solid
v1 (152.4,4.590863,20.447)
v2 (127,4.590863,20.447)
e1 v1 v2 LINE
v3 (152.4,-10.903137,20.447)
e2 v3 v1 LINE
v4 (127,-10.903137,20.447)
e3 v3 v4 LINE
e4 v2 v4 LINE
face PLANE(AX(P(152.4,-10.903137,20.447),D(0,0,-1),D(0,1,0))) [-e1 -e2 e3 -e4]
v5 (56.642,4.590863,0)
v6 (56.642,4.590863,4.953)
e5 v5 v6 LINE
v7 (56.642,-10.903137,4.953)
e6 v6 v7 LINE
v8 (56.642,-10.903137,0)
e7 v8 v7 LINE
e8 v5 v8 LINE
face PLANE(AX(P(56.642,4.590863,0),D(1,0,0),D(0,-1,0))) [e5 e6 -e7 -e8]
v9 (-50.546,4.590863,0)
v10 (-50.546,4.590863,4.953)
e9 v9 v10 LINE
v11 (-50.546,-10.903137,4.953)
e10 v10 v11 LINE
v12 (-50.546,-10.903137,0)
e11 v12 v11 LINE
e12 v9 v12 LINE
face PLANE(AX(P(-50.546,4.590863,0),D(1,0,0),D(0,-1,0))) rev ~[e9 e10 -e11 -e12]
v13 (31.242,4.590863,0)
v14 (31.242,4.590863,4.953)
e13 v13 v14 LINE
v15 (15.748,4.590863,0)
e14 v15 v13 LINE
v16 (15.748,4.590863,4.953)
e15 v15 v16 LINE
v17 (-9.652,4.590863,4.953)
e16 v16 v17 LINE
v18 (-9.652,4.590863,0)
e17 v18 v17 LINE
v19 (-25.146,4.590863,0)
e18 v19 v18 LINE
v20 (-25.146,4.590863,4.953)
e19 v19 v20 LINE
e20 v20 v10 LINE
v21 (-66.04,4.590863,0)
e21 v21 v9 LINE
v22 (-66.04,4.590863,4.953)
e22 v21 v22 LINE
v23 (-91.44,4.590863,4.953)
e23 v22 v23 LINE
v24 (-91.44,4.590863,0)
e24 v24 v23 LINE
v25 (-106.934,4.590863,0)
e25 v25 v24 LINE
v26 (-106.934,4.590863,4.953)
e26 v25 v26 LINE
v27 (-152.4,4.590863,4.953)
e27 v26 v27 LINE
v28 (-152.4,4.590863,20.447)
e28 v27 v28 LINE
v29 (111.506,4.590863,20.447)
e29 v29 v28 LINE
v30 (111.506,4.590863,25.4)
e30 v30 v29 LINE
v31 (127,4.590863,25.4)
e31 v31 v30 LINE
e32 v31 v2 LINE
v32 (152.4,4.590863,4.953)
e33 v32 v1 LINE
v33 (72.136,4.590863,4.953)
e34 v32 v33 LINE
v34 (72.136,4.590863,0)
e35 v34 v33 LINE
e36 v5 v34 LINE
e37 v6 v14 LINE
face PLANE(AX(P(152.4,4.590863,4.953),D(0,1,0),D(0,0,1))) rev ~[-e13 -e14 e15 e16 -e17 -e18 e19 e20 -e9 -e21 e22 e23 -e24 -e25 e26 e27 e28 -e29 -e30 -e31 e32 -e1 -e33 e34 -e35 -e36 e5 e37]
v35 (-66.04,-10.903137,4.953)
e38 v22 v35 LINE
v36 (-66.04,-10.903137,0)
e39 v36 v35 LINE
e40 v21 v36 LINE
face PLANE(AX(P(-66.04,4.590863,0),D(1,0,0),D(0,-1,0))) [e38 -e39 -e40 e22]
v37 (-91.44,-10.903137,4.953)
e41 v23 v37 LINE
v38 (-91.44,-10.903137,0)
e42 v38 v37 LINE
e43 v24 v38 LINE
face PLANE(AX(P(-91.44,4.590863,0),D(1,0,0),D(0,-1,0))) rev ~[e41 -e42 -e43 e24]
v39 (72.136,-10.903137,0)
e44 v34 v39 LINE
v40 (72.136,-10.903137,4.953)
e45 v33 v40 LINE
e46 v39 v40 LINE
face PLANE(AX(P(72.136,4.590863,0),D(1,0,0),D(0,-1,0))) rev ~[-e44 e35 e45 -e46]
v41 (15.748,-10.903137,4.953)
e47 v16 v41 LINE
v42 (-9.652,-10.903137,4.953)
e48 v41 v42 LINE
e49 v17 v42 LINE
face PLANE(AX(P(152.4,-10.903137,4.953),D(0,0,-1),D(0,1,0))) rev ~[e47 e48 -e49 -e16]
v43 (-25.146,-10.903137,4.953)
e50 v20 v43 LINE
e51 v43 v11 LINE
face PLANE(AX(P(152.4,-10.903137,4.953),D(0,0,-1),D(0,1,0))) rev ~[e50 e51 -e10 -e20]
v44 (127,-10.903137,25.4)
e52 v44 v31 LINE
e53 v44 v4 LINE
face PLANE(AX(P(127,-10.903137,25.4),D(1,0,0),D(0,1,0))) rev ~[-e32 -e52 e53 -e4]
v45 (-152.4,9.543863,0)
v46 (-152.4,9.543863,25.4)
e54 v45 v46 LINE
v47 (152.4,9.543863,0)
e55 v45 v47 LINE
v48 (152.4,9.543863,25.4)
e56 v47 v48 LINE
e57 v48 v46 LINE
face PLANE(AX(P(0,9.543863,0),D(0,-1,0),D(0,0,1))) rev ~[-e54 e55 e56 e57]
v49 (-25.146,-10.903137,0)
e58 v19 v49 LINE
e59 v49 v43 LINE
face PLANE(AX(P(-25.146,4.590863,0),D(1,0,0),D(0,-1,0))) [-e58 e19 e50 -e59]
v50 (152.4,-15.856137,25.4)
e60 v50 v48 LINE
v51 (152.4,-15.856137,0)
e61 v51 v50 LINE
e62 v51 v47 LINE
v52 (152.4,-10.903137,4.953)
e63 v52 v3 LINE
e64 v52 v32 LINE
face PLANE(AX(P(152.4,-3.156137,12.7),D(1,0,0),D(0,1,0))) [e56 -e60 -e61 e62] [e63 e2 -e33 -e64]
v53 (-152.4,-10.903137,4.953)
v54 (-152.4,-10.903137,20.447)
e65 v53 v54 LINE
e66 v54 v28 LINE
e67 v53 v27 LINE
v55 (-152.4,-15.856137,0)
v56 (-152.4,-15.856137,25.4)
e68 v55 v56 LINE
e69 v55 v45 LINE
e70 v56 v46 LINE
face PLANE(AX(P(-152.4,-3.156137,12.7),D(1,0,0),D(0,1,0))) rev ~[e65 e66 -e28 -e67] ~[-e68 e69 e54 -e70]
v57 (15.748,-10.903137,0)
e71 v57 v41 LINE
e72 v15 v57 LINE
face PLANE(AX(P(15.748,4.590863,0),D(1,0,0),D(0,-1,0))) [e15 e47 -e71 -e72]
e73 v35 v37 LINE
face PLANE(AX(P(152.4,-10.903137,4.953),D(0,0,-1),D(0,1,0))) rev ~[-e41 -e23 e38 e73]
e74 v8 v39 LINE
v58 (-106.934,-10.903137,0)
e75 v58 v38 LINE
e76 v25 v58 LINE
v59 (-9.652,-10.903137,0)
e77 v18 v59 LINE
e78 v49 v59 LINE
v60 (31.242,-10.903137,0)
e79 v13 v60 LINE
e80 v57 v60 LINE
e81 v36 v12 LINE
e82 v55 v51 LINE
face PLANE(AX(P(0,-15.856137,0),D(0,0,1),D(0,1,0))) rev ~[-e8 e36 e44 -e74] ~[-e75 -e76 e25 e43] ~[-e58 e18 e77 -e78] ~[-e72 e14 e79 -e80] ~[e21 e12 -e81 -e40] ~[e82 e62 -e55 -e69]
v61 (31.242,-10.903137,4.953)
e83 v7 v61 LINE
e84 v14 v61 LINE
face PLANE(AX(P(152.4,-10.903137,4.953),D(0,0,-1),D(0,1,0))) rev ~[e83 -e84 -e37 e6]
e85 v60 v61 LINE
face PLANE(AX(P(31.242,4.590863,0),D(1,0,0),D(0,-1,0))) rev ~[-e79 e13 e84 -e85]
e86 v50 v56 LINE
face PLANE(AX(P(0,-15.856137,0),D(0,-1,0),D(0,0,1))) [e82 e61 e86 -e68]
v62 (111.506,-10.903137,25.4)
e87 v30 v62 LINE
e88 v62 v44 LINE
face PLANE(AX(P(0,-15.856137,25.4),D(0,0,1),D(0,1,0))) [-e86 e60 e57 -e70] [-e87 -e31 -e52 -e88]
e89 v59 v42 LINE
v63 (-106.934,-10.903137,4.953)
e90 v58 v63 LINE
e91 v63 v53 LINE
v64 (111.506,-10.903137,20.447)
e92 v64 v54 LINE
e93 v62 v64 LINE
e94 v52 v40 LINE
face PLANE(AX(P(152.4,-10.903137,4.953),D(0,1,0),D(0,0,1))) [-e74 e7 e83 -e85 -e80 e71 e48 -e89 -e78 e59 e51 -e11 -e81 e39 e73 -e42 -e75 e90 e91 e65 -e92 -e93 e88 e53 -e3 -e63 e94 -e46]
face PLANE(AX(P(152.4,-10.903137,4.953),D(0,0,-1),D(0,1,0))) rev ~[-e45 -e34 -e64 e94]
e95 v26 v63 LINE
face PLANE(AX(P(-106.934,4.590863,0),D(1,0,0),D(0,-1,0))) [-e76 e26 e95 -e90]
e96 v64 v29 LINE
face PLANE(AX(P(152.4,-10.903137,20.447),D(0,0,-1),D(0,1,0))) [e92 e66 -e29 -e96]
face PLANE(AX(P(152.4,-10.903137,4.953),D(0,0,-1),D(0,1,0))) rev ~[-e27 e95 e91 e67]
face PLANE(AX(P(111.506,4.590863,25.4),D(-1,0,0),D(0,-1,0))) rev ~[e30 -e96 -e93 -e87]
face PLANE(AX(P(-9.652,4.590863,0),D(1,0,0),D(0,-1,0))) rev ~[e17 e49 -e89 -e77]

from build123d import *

# Parameters (mm, degrees)
F0_W      = 25.4
F0_H      = 25.4
F1_DEPTH  = 152.4
F1_FACE_W = 25.4
F1_FACE_H = 25.4
F2_DEPTH  = 152.4
F3_W      = 15.494
F3_H      = 15.494
F4_DEPTH  = 304.801
F5_W      = 15.494
F5_H      = 15.494
F6_DEPTH  = 19.05
F7_W      = 15.494
F7_H      = 15.494
F8_DEPTH  = 17.78
F9_DEPTH  = 15.24
F10_DEPTH = 15.24
F11_DEPTH = 15.24
F13_DEPTH = 15.24


with BuildPart() as f1:
    # F0 (on Right) → F1 (new body)
    with BuildSketch(Plane.YZ):
        with Locations((-3.156137, 12.7)):
            Rectangle(F0_W, F0_H)
    extrude(amount=-F1_DEPTH)

    # F1_face (on face) → F2 (join)
    with BuildSketch(Plane(origin=(0, -3.156137, 12.7), x_dir=(0, 1, 0), z_dir=(1, 0, 0))):
        Rectangle(F1_FACE_W, F1_FACE_H)
    extrude(amount=F2_DEPTH)

    # F3 (on face) → F4 (cut, through all)
    with BuildSketch(Plane.YZ.offset(152.4)):
        with Locations((-3.156137, 12.7)):
            Rectangle(F3_W, F3_H)
    extrude(amount=-F4_DEPTH, mode=Mode.SUBTRACT)

    # F5 (on face) → F6 (cut)
    with BuildSketch(Plane(origin=(0, 0, 0), x_dir=(1, 0, 0), z_dir=(0, 0, -1))):
        with Locations((-99.187, 3.156137)):
            Rectangle(F5_W, F5_H)
    extrude(amount=-F6_DEPTH, mode=Mode.SUBTRACT)

    # F7 (on face) → F8 (cut)
    with BuildSketch(Plane(origin=(0, 0, 0), x_dir=(1, 0, 0), z_dir=(0, 0, -1))):
        with Locations((-58.293, 3.156137)):
            Rectangle(F7_W, F7_H)
    extrude(amount=-F8_DEPTH, mode=Mode.SUBTRACT)

    # F7 (on face) → F9 (cut)
    with BuildSketch(Plane(origin=(0, 0, 0), x_dir=(1, 0, 0), z_dir=(0, 0, -1))):
        with Locations((-17.399, 3.156137)):
            Rectangle(F7_W, F7_H)
    extrude(amount=-F9_DEPTH, mode=Mode.SUBTRACT)

    # F7 (on face) → F10 (cut)
    with BuildSketch(Plane(origin=(0, 0, 0), x_dir=(1, 0, 0), z_dir=(0, 0, -1))):
        with Locations((23.495, 3.156137)):
            Rectangle(F7_W, F7_H)
    extrude(amount=-F10_DEPTH, mode=Mode.SUBTRACT)

    # F7 (on face) → F11 (cut)
    with BuildSketch(Plane(origin=(0, 0, 0), x_dir=(1, 0, 0), z_dir=(0, 0, -1))):
        with Locations((64.389, 3.156137)):
            Rectangle(F7_W, F7_H)
    extrude(amount=-F11_DEPTH, mode=Mode.SUBTRACT)

    # F12 (on face) → F13 (cut)
    with BuildSketch(Plane.XY.offset(25.4)):
        Polygon((127, -10.903137), (127, -3.156137), (127, 4.590863), (111.506, 4.590863), (111.506, -10.903137), align=None)
    extrude(amount=-F13_DEPTH, mode=Mode.SUBTRACT)


solid = f1.part
